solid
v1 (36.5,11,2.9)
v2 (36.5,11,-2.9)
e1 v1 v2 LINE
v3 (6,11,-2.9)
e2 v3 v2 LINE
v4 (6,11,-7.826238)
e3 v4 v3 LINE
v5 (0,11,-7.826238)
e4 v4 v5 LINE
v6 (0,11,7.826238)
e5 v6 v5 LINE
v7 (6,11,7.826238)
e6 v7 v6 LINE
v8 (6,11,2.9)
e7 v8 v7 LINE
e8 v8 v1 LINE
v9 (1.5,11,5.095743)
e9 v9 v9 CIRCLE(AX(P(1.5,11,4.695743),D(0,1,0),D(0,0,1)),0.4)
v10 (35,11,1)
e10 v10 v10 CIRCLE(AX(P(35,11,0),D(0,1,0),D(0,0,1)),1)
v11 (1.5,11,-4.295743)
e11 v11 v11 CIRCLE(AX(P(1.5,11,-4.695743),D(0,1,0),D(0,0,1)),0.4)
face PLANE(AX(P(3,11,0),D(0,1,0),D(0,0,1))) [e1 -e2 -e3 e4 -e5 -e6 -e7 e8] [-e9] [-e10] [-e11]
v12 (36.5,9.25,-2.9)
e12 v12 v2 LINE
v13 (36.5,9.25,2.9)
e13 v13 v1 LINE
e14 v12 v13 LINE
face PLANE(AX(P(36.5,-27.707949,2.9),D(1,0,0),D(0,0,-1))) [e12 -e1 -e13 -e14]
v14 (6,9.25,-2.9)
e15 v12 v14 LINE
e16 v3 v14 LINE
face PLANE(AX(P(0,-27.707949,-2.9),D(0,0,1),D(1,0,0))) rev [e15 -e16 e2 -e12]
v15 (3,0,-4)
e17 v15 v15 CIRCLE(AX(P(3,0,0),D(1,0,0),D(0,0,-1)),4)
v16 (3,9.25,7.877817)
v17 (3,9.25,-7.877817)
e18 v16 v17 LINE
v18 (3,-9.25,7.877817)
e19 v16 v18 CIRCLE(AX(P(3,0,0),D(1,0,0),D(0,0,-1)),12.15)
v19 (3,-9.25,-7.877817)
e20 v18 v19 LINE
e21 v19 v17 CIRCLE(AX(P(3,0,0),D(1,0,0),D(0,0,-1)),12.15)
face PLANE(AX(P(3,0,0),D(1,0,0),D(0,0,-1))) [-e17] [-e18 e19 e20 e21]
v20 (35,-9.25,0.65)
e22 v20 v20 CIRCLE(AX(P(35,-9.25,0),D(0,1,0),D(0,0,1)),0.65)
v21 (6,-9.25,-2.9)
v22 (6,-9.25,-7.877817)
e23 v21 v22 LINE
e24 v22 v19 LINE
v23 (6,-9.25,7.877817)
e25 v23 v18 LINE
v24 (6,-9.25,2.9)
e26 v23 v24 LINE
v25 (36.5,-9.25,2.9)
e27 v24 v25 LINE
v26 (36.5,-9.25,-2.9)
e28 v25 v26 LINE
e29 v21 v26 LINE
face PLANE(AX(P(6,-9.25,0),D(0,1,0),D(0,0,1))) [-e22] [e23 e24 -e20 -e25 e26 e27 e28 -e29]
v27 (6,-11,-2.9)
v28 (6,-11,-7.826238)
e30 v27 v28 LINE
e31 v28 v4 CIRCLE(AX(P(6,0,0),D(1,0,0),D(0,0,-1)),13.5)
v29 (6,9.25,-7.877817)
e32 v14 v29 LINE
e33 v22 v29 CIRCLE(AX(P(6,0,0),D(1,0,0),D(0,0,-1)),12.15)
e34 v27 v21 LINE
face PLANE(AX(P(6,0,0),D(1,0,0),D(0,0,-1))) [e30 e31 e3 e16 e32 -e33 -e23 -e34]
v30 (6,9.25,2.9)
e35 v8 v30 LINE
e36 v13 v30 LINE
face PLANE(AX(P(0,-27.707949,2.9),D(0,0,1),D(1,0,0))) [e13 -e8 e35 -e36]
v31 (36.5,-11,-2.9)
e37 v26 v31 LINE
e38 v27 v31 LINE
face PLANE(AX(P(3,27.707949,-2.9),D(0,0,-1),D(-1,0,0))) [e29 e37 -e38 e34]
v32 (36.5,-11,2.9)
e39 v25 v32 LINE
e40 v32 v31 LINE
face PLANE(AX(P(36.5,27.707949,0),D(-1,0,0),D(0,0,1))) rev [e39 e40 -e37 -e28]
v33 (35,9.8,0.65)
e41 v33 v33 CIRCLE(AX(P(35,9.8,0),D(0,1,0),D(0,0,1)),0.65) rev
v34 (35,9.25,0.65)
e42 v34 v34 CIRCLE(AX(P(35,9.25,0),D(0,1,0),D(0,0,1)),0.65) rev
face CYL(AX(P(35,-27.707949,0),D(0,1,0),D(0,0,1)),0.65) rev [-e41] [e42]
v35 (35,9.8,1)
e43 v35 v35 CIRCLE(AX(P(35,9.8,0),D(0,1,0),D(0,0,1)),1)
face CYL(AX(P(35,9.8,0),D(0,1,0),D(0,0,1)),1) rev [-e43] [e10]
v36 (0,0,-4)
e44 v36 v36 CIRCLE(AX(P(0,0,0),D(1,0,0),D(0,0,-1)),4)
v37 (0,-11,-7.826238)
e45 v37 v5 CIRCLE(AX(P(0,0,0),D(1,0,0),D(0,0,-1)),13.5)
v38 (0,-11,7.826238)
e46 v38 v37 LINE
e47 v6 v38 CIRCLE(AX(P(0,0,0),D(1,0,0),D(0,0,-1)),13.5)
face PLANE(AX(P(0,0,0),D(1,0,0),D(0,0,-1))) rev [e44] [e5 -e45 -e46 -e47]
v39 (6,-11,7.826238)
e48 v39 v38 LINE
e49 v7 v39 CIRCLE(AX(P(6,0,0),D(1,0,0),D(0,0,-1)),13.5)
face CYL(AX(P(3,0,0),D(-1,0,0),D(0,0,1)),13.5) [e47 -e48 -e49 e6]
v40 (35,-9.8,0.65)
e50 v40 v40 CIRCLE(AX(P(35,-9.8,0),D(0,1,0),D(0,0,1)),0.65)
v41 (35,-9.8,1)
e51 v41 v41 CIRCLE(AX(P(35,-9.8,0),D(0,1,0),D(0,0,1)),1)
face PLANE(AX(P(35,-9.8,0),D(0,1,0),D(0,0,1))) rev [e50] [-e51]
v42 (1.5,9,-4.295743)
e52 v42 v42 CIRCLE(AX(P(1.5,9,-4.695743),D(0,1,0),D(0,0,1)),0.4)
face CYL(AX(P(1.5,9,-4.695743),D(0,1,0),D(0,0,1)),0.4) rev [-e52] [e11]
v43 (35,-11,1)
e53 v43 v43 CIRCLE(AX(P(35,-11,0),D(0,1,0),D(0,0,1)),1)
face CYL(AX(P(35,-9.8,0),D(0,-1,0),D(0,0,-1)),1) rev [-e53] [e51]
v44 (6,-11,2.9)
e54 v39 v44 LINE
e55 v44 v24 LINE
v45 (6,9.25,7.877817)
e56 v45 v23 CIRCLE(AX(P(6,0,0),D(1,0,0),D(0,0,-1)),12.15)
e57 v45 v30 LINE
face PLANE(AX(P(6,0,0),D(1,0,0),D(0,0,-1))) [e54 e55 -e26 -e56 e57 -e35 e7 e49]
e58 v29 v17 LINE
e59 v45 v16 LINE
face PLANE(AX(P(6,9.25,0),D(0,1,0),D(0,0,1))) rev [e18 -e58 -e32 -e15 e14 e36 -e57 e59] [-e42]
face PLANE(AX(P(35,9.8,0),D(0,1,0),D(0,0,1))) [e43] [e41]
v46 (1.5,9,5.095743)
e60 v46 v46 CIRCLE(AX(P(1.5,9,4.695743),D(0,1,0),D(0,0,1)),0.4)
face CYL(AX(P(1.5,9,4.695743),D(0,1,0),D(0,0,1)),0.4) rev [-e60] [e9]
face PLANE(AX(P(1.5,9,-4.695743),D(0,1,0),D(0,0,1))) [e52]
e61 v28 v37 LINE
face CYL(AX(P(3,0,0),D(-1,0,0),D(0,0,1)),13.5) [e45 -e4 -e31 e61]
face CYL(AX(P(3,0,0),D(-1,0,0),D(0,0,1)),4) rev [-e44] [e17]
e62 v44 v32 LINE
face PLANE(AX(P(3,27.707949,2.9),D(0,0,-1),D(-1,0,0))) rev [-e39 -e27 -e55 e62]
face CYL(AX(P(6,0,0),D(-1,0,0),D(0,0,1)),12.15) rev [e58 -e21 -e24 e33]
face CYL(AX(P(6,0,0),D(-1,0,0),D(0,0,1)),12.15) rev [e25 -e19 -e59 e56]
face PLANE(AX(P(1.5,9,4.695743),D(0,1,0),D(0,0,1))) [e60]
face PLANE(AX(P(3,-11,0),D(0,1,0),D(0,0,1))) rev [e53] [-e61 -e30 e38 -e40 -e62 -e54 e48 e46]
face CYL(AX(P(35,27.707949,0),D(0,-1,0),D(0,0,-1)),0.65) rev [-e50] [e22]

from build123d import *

# Parameters (mm, degrees)
SKETCH_1_R          = 4
EXTRUDE_1_DEPTH     = 3
EXTRUDE_2_DEPTH     = 3
SKETCH_3_W          = 36.5
SKETCH_3_H          = 5.8
SKETCH_3_R          = 0.65
EXTRUDE_3_DEPTH     = 1.75
SKETCH_3_4_R        = 1
CUT_EXTRUDE_1_DEPTH = 1.2
EXTRUDE_START       = -22
SKETCH_3_5_W        = 36.5
SKETCH_3_5_H        = 5.8
SKETCH_3_5_R        = 0.65
EXTRUDE_4_DEPTH     = 1.75
CUT_EXTRUDE_START   = -20.8
SKETCH_3_6_R        = 1
CUT_EXTRUDE_2_DEPTH = 1.2
SKETCH_5_R          = 0.4
CUT_EXTRUDE_3_DEPTH = 2


with BuildPart() as part:
    # 草图1 → 凸台-拉伸1 (new body)
    with BuildSketch(Plane(origin=(0, 0, 0), x_dir=(0, 0, -1), z_dir=(1, 0, 0))):
        with BuildLine():
            ThreePointArc((-13.5, 3.1e-08), (-11.998004256, -6.188529216), (-7.826237921, -11))
            Line((-7.826237921, -11), (7.826237921, -11))
            ThreePointArc((7.826237921, -11), (11.998004249, -6.18852923), (13.5, 0))
            ThreePointArc((13.5, 0), (11.998004249, 6.18852923), (7.826237921, 11))
            Line((7.826237921, 11), (-7.826237921, 11))
            ThreePointArc((-7.826237921, 11), (-11.998004242, 6.188529244), (-13.5, 3.1e-08))
        make_face()
        Circle(SKETCH_1_R, mode=Mode.SUBTRACT)
    extrude(amount=EXTRUDE_1_DEPTH)

    # 草图2 → 凸台-拉伸2 (add)
    with BuildSketch(Plane(origin=(3, 0, 0), x_dir=(0, 0, -1), z_dir=(1, 0, 0))):
        with BuildLine():
            ThreePointArc((-5.159699604, 11), (-6.577220881, 10.215804691), (-7.877816956, 9.25))
            Line((-7.877816956, 9.25), (7.877816956, 9.25))
            ThreePointArc((7.877816956, 9.25), (6.577220881, 10.215804691), (5.159699604, 11))
            Line((5.159699604, 11), (-5.159699604, 11))
        make_face()
        with BuildLine():
            Line((-9.83298022, 9.25), (-7.877816956, 9.25))
            ThreePointArc((-7.877816956, 9.25), (-6.577220881, 10.215804691), (-5.159699604, 11))
            Line((-5.159699604, 11), (-7.826237921, 11))
            ThreePointArc((-7.826237921, 11), (-8.87285869, 10.174594767), (-9.83298022, 9.25))
        make_face()
        with BuildLine():
            Line((-12.15, 5.884513574), (-12.15, 2.4e-08))
            ThreePointArc((-12.15, 2.4e-08), (-11.030366626, 5.09445896), (-7.877816956, 9.25))
            Line((-7.877816956, 9.25), (-9.83298022, 9.25))
            ThreePointArc((-9.83298022, 9.25), (-11.119553928, 7.65542425), (-12.15, 5.884513574))
        make_face()
        with BuildLine():
            ThreePointArc((-12.15, 5.884513574), (-13.5, 0), (-12.15, -5.884513574))
            Line((-12.15, -5.884513574), (-12.15, 2.4e-08))
            Line((-12.15, 2.4e-08), (-12.15, 5.884513574))
        make_face()
        with BuildLine():
            ThreePointArc((-12.15, -5.884513574), (-11.119553928, -7.65542425), (-9.83298022, -9.25))
            Line((-9.83298022, -9.25), (-7.877816956, -9.25))
            ThreePointArc((-7.877816956, -9.25), (-11.030366636, -5.094458939), (-12.15, 2.4e-08))
            Line((-12.15, 2.4e-08), (-12.15, -5.884513574))
        make_face()
        with BuildLine():
            Line((-7.877816956, -9.25), (-9.83298022, -9.25))
            ThreePointArc((-9.83298022, -9.25), (-8.87285869, -10.174594767), (-7.826237921, -11))
            Line((-7.826237921, -11), (-5.159699604, -11))
            ThreePointArc((-5.159699604, -11), (-6.577220881, -10.215804691), (-7.877816956, -9.25))
        make_face()
        with BuildLine():
            Line((7.877816956, -9.25), (-7.877816956, -9.25))
            ThreePointArc((-7.877816956, -9.25), (-6.577220881, -10.215804691), (-5.159699604, -11))
            Line((-5.159699604, -11), (5.159699604, -11))
            ThreePointArc((5.159699604, -11), (6.577220881, -10.215804691), (7.877816956, -9.25))
        make_face()
        with BuildLine():
            Line((9.83298022, -9.25), (7.877816956, -9.25))
            ThreePointArc((7.877816956, -9.25), (6.577220881, -10.215804691), (5.159699604, -11))
            Line((5.159699604, -11), (7.826237921, -11))
            ThreePointArc((7.826237921, -11), (8.87285869, -10.174594767), (9.83298022, -9.25))
        make_face()
        with BuildLine():
            ThreePointArc((12.15, 0), (11.030366631, -5.09445895), (7.877816956, -9.25))
            Line((7.877816956, -9.25), (9.83298022, -9.25))
            ThreePointArc((9.83298022, -9.25), (11.119553928, -7.65542425), (12.15, -5.884513574))
            Line((12.15, -5.884513574), (12.15, 0))
        make_face()
        with BuildLine():
            Line((12.15, 5.884513574), (12.15, 0))
            Line((12.15, 0), (12.15, -5.884513574))
            ThreePointArc((12.15, -5.884513574), (13.5, 0), (12.15, 5.884513574))
        make_face()
        with BuildLine():
            ThreePointArc((7.877816956, 9.25), (11.030366631, 5.09445895), (12.15, 0))
            Line((12.15, 0), (12.15, 5.884513574))
            ThreePointArc((12.15, 5.884513574), (11.119553928, 7.65542425), (9.83298022, 9.25))
            Line((9.83298022, 9.25), (7.877816956, 9.25))
        make_face()
        with BuildLine():
            ThreePointArc((5.159699604, 11), (6.577220881, 10.215804691), (7.877816956, 9.25))
            Line((7.877816956, 9.25), (9.83298022, 9.25))
            ThreePointArc((9.83298022, 9.25), (8.87285869, 10.174594767), (7.826237921, 11))
            Line((7.826237921, 11), (5.159699604, 11))
        make_face()
    extrude(amount=EXTRUDE_2_DEPTH)

    # 草图3 → 凸台-拉伸3 (add)
    with BuildSketch(Plane(origin=(0, 11, 0), x_dir=(1, 0, 0), z_dir=(0, 1, 0))):
        with Locations((18.25, 0)):
            Rectangle(SKETCH_3_W, SKETCH_3_H)
        with Locations(Location((35, 0, 0), (0, 0, 270))):
            Circle(SKETCH_3_R, mode=Mode.SUBTRACT)
    extrude(amount=-EXTRUDE_3_DEPTH)

    # 草图3<4> → 切除-拉伸1 (cut)
    with BuildSketch(Plane(origin=(0, 11, 0), x_dir=(1, 0, 0), z_dir=(0, 1, 0))):
        with Locations(Location((35, 0, 0), (0, 0, 270))):
            Circle(SKETCH_3_4_R)
    extrude(amount=-CUT_EXTRUDE_1_DEPTH, mode=Mode.SUBTRACT)

    # 草图3<5> → 凸台-拉伸4 (add)
    with BuildSketch(Plane(origin=(0, 11, 0), x_dir=(1, 0, 0), z_dir=(0, 1, 0)).offset(EXTRUDE_START)):
        with Locations((18.25, 0)):
            Rectangle(SKETCH_3_5_W, SKETCH_3_5_H)
        with Locations(Location((35, 0, 0), (0, 0, 270))):
            Circle(SKETCH_3_5_R, mode=Mode.SUBTRACT)
    extrude(amount=EXTRUDE_4_DEPTH)

    # 草图3<6> → 切除-拉伸2 (cut)
    with BuildSketch(Plane(origin=(0, 11, 0), x_dir=(1, 0, 0), z_dir=(0, 1, 0)).offset(CUT_EXTRUDE_START)):
        with Locations(Location((35, 0, 0), (0, 0, 270))):
            Circle(SKETCH_3_6_R)
    extrude(amount=-CUT_EXTRUDE_2_DEPTH, mode=Mode.SUBTRACT)

    # 草图5 → 切除-拉伸3 (cut)
    with BuildSketch(Plane(origin=(0, 11, 0), x_dir=(1, 0, 0), z_dir=(0, 1, 0))):
        with Locations(Location((1.5, -4.695742753, 0), (0, 0, 270))):
            Circle(SKETCH_5_R)
        with Locations(Location((1.5, 4.695742753, 0), (0, 0, 270))):
            Circle(SKETCH_5_R)
    extrude(amount=-CUT_EXTRUDE_3_DEPTH, mode=Mode.SUBTRACT)


solid = part.part
